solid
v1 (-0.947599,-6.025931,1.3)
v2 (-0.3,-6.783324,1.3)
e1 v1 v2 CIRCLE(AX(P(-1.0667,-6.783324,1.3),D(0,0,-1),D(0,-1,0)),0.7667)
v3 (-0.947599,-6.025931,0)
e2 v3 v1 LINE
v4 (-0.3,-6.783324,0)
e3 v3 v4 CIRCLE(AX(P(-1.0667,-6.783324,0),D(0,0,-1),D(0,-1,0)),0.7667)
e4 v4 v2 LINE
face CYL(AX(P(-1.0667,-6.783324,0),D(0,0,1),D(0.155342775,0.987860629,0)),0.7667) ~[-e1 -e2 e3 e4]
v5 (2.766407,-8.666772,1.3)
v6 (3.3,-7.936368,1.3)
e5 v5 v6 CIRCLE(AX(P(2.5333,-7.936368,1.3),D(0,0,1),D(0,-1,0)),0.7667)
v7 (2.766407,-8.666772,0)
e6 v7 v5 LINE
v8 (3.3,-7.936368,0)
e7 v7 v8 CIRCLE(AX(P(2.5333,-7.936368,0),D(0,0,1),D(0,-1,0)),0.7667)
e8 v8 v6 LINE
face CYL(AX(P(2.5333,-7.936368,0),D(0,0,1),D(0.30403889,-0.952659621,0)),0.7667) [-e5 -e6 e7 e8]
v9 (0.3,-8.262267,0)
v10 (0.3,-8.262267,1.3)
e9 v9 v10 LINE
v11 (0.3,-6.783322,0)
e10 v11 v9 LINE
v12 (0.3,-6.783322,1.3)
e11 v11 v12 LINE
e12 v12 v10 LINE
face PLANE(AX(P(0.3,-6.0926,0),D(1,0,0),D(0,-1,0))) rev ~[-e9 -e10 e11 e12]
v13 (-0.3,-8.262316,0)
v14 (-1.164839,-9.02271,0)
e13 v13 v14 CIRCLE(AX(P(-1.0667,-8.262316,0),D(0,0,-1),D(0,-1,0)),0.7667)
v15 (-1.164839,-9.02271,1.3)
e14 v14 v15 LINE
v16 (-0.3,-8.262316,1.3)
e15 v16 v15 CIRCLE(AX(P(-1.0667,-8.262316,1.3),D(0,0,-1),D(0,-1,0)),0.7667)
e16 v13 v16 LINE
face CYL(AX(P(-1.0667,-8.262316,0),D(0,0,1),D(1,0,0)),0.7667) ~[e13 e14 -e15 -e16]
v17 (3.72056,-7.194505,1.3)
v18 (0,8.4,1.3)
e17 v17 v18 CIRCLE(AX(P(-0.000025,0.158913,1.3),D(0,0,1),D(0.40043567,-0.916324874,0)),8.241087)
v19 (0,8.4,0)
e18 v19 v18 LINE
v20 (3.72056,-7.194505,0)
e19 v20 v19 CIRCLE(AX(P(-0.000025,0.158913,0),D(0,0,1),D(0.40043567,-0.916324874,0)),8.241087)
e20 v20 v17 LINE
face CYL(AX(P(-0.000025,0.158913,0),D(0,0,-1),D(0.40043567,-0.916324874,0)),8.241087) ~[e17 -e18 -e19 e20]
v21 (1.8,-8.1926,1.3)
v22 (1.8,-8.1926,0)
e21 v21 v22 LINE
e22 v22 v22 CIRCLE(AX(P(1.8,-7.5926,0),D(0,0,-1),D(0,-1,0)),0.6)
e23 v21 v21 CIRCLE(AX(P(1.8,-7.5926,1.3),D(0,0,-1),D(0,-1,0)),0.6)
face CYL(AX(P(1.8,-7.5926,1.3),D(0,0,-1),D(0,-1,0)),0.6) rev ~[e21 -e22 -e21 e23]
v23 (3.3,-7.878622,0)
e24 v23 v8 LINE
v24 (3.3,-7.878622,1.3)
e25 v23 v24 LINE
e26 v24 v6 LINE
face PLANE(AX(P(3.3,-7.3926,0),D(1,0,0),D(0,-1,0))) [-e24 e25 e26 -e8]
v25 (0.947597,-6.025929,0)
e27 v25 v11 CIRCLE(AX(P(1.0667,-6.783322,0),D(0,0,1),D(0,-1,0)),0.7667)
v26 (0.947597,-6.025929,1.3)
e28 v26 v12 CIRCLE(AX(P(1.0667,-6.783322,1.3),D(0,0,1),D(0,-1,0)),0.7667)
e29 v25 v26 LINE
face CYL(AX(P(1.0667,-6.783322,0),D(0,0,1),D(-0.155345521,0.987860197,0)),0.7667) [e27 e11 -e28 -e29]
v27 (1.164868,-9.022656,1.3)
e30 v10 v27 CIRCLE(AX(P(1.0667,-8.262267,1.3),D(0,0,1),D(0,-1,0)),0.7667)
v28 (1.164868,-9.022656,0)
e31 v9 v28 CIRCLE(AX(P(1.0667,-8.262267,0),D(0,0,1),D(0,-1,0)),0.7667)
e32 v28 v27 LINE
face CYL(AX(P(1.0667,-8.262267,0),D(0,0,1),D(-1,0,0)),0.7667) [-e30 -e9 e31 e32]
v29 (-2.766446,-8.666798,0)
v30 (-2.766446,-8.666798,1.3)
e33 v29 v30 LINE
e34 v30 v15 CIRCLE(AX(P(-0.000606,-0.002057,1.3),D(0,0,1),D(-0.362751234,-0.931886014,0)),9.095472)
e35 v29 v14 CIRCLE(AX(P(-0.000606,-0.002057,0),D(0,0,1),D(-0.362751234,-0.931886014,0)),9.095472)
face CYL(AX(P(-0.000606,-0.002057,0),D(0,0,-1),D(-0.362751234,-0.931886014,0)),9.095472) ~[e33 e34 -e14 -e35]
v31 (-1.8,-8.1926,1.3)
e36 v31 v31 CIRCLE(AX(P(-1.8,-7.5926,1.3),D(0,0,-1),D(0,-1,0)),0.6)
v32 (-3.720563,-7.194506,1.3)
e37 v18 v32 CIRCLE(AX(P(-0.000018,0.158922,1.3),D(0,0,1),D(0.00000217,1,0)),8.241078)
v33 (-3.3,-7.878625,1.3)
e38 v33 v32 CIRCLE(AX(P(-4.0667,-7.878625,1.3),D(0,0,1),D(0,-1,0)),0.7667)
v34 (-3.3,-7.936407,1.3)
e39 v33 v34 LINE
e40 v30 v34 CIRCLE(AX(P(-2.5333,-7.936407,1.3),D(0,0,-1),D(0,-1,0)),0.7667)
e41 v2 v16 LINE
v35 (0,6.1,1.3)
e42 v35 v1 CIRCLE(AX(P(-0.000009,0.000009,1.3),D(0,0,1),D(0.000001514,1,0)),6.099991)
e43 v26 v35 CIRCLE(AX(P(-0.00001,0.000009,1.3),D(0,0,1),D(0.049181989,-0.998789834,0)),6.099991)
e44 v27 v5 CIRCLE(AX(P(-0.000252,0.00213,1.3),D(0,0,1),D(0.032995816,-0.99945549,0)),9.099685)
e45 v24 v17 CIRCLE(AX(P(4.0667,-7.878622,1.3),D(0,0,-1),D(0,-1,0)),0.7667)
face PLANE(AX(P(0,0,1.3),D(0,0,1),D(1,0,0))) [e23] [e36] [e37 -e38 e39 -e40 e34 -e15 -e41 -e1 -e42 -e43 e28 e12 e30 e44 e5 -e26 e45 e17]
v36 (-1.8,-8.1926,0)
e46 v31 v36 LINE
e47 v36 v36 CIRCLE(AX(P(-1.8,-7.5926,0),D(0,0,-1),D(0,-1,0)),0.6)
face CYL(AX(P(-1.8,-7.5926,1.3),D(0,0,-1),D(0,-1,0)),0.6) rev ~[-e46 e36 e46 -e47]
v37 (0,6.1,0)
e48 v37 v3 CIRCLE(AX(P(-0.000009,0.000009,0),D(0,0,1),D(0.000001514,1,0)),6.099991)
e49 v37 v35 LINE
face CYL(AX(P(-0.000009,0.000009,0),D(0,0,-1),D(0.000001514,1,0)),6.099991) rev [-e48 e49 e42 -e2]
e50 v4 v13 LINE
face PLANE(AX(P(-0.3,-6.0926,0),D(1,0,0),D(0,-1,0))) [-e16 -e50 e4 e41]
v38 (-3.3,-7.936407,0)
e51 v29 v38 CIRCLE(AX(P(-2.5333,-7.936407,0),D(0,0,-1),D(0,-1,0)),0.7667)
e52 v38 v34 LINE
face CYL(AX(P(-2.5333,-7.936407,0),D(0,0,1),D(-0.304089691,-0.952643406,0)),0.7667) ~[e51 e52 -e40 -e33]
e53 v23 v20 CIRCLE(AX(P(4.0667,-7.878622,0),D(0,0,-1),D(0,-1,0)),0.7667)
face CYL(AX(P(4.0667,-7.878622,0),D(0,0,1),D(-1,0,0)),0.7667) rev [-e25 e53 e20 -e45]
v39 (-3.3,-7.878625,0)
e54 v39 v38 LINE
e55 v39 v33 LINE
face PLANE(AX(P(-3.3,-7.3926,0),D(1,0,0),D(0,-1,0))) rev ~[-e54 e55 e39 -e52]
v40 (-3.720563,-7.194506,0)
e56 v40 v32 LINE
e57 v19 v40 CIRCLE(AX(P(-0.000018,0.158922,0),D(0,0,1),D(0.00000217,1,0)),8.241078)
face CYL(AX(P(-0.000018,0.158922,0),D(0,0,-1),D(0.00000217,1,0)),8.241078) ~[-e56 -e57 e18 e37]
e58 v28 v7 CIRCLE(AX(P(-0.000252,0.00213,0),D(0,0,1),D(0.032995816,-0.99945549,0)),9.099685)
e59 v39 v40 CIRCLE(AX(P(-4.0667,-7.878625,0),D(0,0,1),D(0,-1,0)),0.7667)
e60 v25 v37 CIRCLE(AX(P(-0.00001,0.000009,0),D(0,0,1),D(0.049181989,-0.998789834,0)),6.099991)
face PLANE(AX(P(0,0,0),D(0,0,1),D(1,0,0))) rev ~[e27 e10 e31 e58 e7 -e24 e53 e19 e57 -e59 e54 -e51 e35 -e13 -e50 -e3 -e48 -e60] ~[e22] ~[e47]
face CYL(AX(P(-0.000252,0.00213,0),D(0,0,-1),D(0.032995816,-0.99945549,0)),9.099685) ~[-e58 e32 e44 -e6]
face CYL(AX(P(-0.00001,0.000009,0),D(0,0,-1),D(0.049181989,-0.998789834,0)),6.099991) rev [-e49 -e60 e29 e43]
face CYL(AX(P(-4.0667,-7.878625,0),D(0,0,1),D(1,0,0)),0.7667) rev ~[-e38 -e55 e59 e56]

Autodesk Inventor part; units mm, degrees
ref_plane "YZ Plane" through (0, 0, 0) normal (1, 0, 0) x (0, 1, 0)
ref_plane "XZ Plane" through (0, 0, 0) normal (0, 1, 0) x (-1, 0, 0)
ref_plane "XY Plane" through (0, 0, 0) normal (0, 0, 1) x (1, 0, 0)
sketch "Sketch1" plane through (0, 0, 0) normal (0, 0, 1) x (1, 0, 0)
  arc A0 (0, 6.1) -> (-0.3, -6.0926) centre (0, 0) ccw
  line L0 (0, -10.4012) -> (0, 10.52) projected
  line L1 (-0.3, -6.0926) -> (-0.3, -9.0926)
  arc A1 (-3.3, -8.478) -> (-0.3, -9.0926) centre (0, 0) ccw
  arc A2 (0, 8.4) -> (-3.3, -7.3926) centre (0, 0.1589) ccw
  line L2 (-3.3, -7.3926) -> (-3.3, -8.478)
  line L3 (0, 8.4) -> (0, 6.1)
  arc A3 (0.3, -6.0926) -> (0, 6.1) centre (0, 0) ccw
  line L4 (0.3, -6.0926) -> (0.3, -9.0926)
  arc A4 (0.3, -9.0926) -> (3.3, -8.478) centre (0, 0) ccw
  arc A5 (3.3, -7.3926) -> (0, 8.4) centre (0, 0.1589) ccw
  line L5 (3.3, -7.3926) -> (3.3, -8.478)
  line L6 (0, 8.4) -> (0, 6.1)
  dimension "d0" = 12.2
  dimension "d11" = 3
  dimension "d21" = 0.3
  dimension "d22" = 3
  dimension "d25" = 2.3
  dimension "d26" = 1.3
extrude "Extrusion1" add sketch "Sketch1" along normal blind 1.3
sketch "Sketch3" plane through (0, 0, 1.3) normal (0, 0, 1) x (1, 0, 0)
  line L0 (-0.3, -6.0926) -> (-0.3, -9.0926) projected
  line L1 (0, -12.5911) -> (0, 11.8985) projected
  point P0 (-1.8, -7.5926)
  point P1 (1.8, -7.5926)
  dimension "d30" = 1.5
  dimension "d31" = 1.5
hole "Hole1" at (-1.8, -7.5926, 1.3) at (1.8, -7.5926, 1.3) direction (0, 0, -1) diameter 1.2 end through all
fillet "Fillet1" radius 0.7667 8 edges at (0.3, -6.0926, 0.65) (-0.3, -6.0926, 0.65) (0.3, -9.0926, 0.65) (3.3, -8.478, 0.65) (-3.3, -8.478, 0.65) (-3.3, -7.3926, 0.65) (-0.3, -9.0926, 0.65) (3.3, -7.3926, 0.65)
equation "\"d30\" = 0.5 * ParA"
equation "\"d31\" = 0.5 * ParA"
equation "\"d32\" = Diam5"
equation "\"d39\" = 0.333333 * b"
equation "\"d0\" = Dg"
equation "\"d11\" = ParA"
equation "\"d21\" = 0.1 * ParA"
equation "\"d22\" = ParA"
equation "\"d25\" = b"
equation "\"d26\" = ParJ"
equation "\"d27\" = tt"
equation "\"b\" = 2.3"
equation "\"Dg\" = 12.2"
equation "\"ParJ\" = 1.3"
equation "\"ParA\" = 3"
equation "\"tt\" = 1.3"
equation "\"Diam5\" = 1.2"
equation "\"TEMPLATE\" = 1.2345"
properties part number "ANSI B27.8M - 3DM1-3DM1-13" material "Steel, Mild"
